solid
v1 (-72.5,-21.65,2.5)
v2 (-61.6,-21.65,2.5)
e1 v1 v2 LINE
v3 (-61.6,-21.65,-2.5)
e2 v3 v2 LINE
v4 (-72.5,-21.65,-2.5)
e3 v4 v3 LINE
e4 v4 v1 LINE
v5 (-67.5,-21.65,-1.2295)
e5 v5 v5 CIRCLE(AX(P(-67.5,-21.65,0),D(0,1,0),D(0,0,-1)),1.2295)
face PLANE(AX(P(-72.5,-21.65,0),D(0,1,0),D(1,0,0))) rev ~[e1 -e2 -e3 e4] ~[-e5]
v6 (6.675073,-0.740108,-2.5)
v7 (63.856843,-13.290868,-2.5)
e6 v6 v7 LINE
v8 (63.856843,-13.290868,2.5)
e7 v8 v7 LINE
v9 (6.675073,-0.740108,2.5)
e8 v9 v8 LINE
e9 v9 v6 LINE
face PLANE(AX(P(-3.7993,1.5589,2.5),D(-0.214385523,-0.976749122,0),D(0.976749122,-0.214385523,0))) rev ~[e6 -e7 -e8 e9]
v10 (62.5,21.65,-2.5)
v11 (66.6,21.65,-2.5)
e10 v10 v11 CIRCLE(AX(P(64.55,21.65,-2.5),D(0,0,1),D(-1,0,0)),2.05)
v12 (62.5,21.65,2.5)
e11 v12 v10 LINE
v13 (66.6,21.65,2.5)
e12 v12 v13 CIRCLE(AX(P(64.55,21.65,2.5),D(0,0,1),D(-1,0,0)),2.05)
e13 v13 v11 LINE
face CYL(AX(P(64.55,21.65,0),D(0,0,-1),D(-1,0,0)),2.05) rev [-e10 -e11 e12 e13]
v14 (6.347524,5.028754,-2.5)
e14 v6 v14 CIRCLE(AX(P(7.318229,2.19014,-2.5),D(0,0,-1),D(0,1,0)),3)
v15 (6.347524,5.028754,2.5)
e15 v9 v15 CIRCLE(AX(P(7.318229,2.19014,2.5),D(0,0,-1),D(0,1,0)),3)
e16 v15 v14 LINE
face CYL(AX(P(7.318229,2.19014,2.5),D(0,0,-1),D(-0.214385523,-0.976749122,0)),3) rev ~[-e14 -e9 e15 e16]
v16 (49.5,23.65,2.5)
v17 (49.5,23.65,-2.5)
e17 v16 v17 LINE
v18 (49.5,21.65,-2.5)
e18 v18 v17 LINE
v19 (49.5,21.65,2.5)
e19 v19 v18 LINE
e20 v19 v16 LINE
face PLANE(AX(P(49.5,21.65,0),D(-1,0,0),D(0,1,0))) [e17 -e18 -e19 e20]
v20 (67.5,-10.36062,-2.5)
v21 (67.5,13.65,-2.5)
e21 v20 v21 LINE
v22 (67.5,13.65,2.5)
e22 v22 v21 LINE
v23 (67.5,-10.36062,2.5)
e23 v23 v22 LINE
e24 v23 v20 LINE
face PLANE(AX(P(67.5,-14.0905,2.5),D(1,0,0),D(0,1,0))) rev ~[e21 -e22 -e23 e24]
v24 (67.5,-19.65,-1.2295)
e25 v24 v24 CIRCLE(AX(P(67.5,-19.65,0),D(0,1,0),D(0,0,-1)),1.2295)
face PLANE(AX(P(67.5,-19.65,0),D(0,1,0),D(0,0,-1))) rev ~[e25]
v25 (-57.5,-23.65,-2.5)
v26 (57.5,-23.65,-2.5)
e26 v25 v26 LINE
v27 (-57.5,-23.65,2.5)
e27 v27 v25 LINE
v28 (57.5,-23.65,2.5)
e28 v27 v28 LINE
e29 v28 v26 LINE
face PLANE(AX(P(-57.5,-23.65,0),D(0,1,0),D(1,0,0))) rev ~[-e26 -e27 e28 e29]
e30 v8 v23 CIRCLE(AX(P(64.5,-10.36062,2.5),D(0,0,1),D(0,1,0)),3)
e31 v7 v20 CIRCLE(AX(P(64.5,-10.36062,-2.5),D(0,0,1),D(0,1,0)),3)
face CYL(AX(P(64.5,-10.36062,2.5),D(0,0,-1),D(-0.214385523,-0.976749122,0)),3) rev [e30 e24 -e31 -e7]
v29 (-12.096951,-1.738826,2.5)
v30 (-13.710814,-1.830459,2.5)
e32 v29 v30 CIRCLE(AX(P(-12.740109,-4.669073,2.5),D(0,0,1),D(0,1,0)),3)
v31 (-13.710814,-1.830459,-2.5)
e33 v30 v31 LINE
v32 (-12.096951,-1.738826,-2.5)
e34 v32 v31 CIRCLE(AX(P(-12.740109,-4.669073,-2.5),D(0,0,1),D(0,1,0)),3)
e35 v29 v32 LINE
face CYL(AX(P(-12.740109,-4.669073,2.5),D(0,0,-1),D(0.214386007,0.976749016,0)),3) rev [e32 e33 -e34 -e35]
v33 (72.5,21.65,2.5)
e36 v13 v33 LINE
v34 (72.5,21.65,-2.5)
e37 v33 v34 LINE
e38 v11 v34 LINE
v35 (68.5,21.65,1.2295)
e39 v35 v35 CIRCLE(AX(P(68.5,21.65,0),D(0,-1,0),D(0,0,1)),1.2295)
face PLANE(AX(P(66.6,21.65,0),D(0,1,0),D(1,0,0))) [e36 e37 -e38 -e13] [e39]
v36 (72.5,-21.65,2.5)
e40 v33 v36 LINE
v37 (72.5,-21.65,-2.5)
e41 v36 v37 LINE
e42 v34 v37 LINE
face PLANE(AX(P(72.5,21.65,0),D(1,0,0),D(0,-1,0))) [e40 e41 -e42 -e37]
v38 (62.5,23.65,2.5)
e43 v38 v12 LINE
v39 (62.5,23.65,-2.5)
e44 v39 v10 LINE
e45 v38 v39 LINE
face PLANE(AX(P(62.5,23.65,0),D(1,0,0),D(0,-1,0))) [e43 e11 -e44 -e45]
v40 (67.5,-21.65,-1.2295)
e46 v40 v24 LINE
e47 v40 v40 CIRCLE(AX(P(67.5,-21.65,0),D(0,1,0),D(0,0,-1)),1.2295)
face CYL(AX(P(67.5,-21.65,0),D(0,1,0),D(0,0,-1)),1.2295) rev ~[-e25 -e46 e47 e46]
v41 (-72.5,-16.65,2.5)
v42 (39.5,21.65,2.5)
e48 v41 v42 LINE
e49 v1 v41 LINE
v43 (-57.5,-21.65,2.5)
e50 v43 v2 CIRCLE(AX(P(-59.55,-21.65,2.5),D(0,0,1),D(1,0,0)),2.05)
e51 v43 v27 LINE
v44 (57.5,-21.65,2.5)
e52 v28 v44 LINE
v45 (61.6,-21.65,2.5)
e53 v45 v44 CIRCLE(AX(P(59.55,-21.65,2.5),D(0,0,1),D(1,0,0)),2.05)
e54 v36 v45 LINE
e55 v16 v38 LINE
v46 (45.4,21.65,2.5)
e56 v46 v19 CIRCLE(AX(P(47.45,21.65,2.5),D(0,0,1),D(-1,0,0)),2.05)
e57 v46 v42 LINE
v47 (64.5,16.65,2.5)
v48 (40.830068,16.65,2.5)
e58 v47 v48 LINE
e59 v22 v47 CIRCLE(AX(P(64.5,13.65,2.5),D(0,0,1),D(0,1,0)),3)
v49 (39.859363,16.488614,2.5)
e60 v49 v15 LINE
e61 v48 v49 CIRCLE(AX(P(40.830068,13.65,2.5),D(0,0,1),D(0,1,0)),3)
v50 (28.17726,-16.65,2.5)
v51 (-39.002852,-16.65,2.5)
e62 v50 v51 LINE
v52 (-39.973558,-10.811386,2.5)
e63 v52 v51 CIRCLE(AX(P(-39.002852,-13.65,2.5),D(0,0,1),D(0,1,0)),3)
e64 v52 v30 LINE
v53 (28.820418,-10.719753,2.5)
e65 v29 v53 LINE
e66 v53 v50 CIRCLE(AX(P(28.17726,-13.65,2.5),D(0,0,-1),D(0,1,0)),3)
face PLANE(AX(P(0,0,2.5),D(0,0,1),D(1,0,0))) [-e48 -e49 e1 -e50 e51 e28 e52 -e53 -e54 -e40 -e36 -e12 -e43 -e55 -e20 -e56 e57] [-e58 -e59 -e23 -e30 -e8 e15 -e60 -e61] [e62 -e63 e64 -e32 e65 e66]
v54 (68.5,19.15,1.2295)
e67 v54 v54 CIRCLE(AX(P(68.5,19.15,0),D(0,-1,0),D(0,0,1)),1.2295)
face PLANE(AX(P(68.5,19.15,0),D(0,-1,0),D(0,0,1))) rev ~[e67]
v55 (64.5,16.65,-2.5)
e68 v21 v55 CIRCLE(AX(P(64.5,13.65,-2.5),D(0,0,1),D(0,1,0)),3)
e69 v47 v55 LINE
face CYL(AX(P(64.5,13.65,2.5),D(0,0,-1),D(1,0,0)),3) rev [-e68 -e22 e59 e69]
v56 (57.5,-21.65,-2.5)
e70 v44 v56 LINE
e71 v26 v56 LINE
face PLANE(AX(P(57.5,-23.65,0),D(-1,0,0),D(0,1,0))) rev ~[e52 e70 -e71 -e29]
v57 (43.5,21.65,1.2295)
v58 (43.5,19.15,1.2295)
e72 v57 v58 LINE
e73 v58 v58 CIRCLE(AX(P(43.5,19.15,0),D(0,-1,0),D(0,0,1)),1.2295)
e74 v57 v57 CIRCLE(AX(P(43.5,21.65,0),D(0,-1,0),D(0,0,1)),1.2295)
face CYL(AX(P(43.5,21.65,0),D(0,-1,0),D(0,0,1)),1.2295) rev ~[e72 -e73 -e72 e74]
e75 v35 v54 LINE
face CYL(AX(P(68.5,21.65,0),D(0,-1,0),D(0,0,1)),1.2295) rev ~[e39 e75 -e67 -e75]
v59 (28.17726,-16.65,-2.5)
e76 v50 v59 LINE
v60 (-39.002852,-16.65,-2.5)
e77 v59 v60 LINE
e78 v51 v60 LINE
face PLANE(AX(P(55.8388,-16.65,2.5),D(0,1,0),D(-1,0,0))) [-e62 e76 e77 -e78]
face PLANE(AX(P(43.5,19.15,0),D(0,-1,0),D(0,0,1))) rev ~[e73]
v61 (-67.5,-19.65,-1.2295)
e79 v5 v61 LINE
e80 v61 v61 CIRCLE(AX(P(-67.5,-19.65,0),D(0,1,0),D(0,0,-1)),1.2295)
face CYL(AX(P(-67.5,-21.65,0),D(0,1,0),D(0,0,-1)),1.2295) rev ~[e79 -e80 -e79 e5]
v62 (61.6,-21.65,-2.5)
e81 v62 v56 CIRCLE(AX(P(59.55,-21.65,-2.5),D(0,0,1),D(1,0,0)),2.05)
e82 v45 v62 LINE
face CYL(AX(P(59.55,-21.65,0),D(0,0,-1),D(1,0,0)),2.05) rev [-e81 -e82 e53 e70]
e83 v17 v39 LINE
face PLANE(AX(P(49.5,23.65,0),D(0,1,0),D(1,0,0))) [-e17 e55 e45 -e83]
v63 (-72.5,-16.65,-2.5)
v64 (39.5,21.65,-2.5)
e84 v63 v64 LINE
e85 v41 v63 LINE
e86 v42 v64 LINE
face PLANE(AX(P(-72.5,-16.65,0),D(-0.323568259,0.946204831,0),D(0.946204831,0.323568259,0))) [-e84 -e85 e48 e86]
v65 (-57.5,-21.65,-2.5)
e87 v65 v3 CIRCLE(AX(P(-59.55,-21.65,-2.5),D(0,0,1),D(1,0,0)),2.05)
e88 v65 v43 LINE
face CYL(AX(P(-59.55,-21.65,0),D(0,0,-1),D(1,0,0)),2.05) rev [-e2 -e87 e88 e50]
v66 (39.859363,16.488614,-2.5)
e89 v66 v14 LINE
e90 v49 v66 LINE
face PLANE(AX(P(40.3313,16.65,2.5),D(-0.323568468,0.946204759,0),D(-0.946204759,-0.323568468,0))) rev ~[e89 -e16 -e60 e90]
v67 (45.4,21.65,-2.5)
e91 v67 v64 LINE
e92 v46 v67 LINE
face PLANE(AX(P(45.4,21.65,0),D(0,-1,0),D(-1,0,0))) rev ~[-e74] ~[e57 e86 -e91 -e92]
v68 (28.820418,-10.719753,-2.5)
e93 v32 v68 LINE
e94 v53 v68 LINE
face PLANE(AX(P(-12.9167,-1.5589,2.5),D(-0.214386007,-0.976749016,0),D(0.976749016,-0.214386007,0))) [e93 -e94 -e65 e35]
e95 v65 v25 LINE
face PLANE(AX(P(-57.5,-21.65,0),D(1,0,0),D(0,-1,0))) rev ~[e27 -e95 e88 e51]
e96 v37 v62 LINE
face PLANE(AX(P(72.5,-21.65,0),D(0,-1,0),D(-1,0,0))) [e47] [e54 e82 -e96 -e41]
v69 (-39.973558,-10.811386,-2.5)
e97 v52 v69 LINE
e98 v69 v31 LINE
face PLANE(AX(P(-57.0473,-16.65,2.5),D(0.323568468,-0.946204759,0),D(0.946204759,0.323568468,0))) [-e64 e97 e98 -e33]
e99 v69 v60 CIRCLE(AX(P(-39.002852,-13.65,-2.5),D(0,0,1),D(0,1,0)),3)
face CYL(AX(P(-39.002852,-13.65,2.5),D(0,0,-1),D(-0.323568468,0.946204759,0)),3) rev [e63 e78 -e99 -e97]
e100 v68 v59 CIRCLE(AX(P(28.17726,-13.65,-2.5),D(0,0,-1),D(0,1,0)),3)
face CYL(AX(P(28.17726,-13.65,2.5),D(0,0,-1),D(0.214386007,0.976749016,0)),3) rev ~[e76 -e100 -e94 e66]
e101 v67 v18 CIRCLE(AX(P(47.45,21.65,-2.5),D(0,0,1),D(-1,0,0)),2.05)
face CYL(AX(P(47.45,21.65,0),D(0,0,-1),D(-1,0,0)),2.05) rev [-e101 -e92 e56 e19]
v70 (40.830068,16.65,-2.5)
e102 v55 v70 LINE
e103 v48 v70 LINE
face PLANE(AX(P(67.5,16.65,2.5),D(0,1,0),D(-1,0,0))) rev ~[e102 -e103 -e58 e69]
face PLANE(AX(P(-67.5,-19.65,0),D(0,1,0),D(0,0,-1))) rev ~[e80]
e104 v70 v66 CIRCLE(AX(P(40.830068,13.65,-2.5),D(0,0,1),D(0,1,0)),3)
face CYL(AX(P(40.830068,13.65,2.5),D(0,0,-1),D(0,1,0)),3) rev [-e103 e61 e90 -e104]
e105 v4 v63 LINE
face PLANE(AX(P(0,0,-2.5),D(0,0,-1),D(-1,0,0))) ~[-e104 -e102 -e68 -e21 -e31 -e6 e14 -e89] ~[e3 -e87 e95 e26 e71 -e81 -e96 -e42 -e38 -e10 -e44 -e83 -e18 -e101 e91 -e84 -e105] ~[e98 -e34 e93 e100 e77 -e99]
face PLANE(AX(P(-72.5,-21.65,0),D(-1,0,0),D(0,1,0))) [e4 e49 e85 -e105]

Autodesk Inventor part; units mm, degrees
ref_plane "YZ Plane" through (0, 0, 0) normal (1, 0, 0) x (0, 1, 0)
ref_plane "XZ Plane" through (0, 0, 0) normal (0, 1, 0) x (-1, 0, 0)
ref_plane "XY Plane" through (0, 0, 0) normal (0, 0, 1) x (1, 0, 0)
sketch "スケッチ1" plane through (0, 0, 0) normal (0, 0, 1) x (1, 0, 0)
  line L0 (-72.5, -21.65) -> (72.5, -21.65) construction
  line L1 (72.5, -21.65) -> (72.5, 21.65) construction
  line L2 (72.5, 21.65) -> (-72.5, 21.65) construction
  line L3 (-72.5, 21.65) -> (-72.5, -21.65) construction
  line L4 (-72.5, -21.65) -> (72.5, 21.65) construction
  line L5 (72.5, -21.65) -> (-72.5, 21.65) construction
  line L6 (-67.5, 21.65) -> (-67.5, -21.65) construction
  line L7 (0, 0) -> (0, 21.65) construction
  line L8 (0, 0) -> (-72.5, 0) construction
  line L9 (67.5, 21.65) -> (67.5, -21.65) construction
  line L10 (-72.5, -21.65) -> (-61.6, -21.65)
  line L11 (49.5, 21.65) -> (49.5, 23.65)
  line L12 (49.5, 23.65) -> (62.5, 23.65)
  line L13 (62.5, 23.65) -> (62.5, 21.65)
  line L14 (66.6, 21.65) -> (72.5, 21.65)
  line L15 (72.5, 21.65) -> (72.5, -21.65)
  line L16 (72.5, -21.65) -> (61.6, -21.65)
  line L17 (-57.5, -21.65) -> (-57.5, -23.65)
  line L18 (-57.5, -23.65) -> (57.5, -23.65)
  line L19 (57.5, -23.65) -> (57.5, -21.65)
  arc A0 (45.4, 21.65) -> (49.5, 21.65) centre (47.45, 21.65) ccw
  arc A1 (62.5, 21.65) -> (66.6, 21.65) centre (64.55, 21.65) ccw
  arc A2 (-57.5, -21.65) -> (-61.6, -21.65) centre (-59.55, -21.65) ccw
  arc A3 (61.6, -21.65) -> (57.5, -21.65) centre (59.55, -21.65) ccw
  line L20 (-72.5, -21.65) -> (-72.5, -16.65)
  line L21 (-72.5, -16.65) -> (39.5, 21.65)
  line L22 (45.4, 21.65) -> (39.5, 21.65)
  line L23 (66.95, 24.476) -> (70.05, 24.476) construction
  line L24 (70.05, 24.476) -> (70.05, 13.3235) construction
  line L25 (70.05, 13.3235) -> (66.95, 13.3235) construction
  line L26 (66.95, 13.3235) -> (66.95, 24.476) construction
  line L27 (68.5, 24.476) -> (68.5, 13.3235) construction
  line L28 (41.95, 24.476) -> (45.05, 24.476) construction
  line L29 (45.05, 24.476) -> (45.05, 13.9945) construction
  line L30 (45.05, 13.9945) -> (41.95, 13.9945) construction
  line L31 (41.95, 13.9945) -> (41.95, 24.476) construction
  line L32 (43.5, 24.476) -> (43.5, 13.9945) construction
  dimension "d16" = 5
  dimension "d20" = 43.3
  dimension "d40" = 135
  dimension "d41" = 10
  dimension "d42" = 2.05
  dimension "d43" = 2
  dimension "d44" = 5
  dimension "d45" = 10
  dimension "d46" = 10
  dimension "d48" = 3.1
  dimension "d50" = 4
  dimension "d51" = 25
  dimension "d52" = 3.1
  dimension "d62" = 6
  dimension "d63" = 6
extrude "押し出し1" add sketch "スケッチ1" along normal blind 2.5
mirror "ミラー1" about plane through (8.3734, -6.8299, 0) normal (0, 0, -1) of "押し出し1"
sketch "スケッチ2" plane through (-72.5, -21.65, 2.5) normal (0, -1, 0) x (1, 0, 0)
  line L0 (0, -5) -> (0, 0)
  line L1 (15, -5) -> (130, -5) construction
  line L2 (72.5, -5) -> (72.5, 0) construction
  line L3 (15, 0) -> (130, 0) construction
  point P0 (72.5, -2.5)
  point P1 (5, -2.5)
  point P2 (140, -2.5)
  point P3 (0, -2.5)
  dimension "d26" = 5
hole "穴1" at (-67.5, -21.65, 0) at (67.5, -21.65, 0) direction (0, 1, 0) diameter 2.459 depth 2 thread size "M3x0.5" class "6H" standard "ISO Metric profile"
sketch "スケッチ4" plane through (66.6, 21.65, 2.5) normal (0, 1, 0) x (1, 0, 0)
  line L0 (5.9, 5) -> (5.9, 0) projected
  point P0 (-66.6, 2.5)
  point P1 (1.9, 2.5)
  point P2 (-23.1, 2.5)
  point P3 (5.9, 2.5)
  dimension "d53" = 4
  dimension "d54" = 25
hole "穴2" at (68.5, 21.65, 0) at (43.5, 21.65, 0) direction (0, -1, 0) diameter 2.459 depth 2.5 thread size "M3x0.5" class "6H" standard "ISO Metric profile"
sketch "スケッチ6" plane through (0, 0, 2.5) normal (0, 0, 1) x (1, 0, 0)
  line L0 (61.6, -21.65) -> (72.5, -21.65) projected
  line L1 (72.5, -21.65) -> (72.5, 21.65) projected
  line L2 (72.5, 21.65) -> (66.6, 21.65) projected
  line L3 (39.5, 21.65) -> (-72.5, -16.65) projected
  line L4 (67.5, 16.65) -> (67.5, -16.65) construction
  line L5 (67.5, -16.65) -> (-57.0473, -16.65) construction
  line L6 (-57.0473, -16.65) -> (40.3313, 16.65) construction
  line L7 (40.3313, 16.65) -> (67.5, 16.65) construction
  line L8 (67.5, -16.65) -> (-8.358, 0) construction
  line L9 (67.5, -14.0905) -> (67.5, 16.65)
  line L10 (67.5, 16.65) -> (40.3313, 16.65)
  line L11 (40.3313, 16.65) -> (-3.7993, 1.5589)
  line L12 (-3.7993, 1.5589) -> (67.5, -14.0905)
  line L13 (55.8388, -16.65) -> (-57.0473, -16.65)
  line L14 (-57.0473, -16.65) -> (-12.9167, -1.5589)
  line L15 (-12.9167, -1.5589) -> (55.8388, -16.65)
  point P0 (0, 0)
  dimension "d72" = 5
  dimension "d73" = 5
  dimension "d74" = 5
  dimension "d75" = 5
  dimension "d76" = 5
extrude "押し出し4" cut sketch "スケッチ6" against normal blind 10
fillet "フィレット3" radius 3 7 edges at (-3.7993, 1.5589, 0) (40.3313, 16.65, 0) (67.5, -14.0905, 0) (55.8388, -16.65, 0) (-12.9167, -1.5589, 0) (-57.0473, -16.65, 0) (67.5, 16.65, 0)
equation "\"d16\" = d4"
equation "\"d40\" = d6"
equation "\"d41\" = d3"
equation "\"d46\" = d45"
equation "\"d63\" = d62"
equation "\"d26\" = d4"
equation "\"d53\" = d50"
equation "\"d54\" = d51"
equation "\"d73\" = d72"
equation "\"d74\" = d73"
equation "\"d75\" = d74"
equation "\"d76\" = d74"
equation "\"d4\" = 5"
equation "\"d6\" = 135"
equation "\"d3\" = 10"
properties part number "前腕_サブフレーム_1_1" material "アセタール樹脂、黒"
